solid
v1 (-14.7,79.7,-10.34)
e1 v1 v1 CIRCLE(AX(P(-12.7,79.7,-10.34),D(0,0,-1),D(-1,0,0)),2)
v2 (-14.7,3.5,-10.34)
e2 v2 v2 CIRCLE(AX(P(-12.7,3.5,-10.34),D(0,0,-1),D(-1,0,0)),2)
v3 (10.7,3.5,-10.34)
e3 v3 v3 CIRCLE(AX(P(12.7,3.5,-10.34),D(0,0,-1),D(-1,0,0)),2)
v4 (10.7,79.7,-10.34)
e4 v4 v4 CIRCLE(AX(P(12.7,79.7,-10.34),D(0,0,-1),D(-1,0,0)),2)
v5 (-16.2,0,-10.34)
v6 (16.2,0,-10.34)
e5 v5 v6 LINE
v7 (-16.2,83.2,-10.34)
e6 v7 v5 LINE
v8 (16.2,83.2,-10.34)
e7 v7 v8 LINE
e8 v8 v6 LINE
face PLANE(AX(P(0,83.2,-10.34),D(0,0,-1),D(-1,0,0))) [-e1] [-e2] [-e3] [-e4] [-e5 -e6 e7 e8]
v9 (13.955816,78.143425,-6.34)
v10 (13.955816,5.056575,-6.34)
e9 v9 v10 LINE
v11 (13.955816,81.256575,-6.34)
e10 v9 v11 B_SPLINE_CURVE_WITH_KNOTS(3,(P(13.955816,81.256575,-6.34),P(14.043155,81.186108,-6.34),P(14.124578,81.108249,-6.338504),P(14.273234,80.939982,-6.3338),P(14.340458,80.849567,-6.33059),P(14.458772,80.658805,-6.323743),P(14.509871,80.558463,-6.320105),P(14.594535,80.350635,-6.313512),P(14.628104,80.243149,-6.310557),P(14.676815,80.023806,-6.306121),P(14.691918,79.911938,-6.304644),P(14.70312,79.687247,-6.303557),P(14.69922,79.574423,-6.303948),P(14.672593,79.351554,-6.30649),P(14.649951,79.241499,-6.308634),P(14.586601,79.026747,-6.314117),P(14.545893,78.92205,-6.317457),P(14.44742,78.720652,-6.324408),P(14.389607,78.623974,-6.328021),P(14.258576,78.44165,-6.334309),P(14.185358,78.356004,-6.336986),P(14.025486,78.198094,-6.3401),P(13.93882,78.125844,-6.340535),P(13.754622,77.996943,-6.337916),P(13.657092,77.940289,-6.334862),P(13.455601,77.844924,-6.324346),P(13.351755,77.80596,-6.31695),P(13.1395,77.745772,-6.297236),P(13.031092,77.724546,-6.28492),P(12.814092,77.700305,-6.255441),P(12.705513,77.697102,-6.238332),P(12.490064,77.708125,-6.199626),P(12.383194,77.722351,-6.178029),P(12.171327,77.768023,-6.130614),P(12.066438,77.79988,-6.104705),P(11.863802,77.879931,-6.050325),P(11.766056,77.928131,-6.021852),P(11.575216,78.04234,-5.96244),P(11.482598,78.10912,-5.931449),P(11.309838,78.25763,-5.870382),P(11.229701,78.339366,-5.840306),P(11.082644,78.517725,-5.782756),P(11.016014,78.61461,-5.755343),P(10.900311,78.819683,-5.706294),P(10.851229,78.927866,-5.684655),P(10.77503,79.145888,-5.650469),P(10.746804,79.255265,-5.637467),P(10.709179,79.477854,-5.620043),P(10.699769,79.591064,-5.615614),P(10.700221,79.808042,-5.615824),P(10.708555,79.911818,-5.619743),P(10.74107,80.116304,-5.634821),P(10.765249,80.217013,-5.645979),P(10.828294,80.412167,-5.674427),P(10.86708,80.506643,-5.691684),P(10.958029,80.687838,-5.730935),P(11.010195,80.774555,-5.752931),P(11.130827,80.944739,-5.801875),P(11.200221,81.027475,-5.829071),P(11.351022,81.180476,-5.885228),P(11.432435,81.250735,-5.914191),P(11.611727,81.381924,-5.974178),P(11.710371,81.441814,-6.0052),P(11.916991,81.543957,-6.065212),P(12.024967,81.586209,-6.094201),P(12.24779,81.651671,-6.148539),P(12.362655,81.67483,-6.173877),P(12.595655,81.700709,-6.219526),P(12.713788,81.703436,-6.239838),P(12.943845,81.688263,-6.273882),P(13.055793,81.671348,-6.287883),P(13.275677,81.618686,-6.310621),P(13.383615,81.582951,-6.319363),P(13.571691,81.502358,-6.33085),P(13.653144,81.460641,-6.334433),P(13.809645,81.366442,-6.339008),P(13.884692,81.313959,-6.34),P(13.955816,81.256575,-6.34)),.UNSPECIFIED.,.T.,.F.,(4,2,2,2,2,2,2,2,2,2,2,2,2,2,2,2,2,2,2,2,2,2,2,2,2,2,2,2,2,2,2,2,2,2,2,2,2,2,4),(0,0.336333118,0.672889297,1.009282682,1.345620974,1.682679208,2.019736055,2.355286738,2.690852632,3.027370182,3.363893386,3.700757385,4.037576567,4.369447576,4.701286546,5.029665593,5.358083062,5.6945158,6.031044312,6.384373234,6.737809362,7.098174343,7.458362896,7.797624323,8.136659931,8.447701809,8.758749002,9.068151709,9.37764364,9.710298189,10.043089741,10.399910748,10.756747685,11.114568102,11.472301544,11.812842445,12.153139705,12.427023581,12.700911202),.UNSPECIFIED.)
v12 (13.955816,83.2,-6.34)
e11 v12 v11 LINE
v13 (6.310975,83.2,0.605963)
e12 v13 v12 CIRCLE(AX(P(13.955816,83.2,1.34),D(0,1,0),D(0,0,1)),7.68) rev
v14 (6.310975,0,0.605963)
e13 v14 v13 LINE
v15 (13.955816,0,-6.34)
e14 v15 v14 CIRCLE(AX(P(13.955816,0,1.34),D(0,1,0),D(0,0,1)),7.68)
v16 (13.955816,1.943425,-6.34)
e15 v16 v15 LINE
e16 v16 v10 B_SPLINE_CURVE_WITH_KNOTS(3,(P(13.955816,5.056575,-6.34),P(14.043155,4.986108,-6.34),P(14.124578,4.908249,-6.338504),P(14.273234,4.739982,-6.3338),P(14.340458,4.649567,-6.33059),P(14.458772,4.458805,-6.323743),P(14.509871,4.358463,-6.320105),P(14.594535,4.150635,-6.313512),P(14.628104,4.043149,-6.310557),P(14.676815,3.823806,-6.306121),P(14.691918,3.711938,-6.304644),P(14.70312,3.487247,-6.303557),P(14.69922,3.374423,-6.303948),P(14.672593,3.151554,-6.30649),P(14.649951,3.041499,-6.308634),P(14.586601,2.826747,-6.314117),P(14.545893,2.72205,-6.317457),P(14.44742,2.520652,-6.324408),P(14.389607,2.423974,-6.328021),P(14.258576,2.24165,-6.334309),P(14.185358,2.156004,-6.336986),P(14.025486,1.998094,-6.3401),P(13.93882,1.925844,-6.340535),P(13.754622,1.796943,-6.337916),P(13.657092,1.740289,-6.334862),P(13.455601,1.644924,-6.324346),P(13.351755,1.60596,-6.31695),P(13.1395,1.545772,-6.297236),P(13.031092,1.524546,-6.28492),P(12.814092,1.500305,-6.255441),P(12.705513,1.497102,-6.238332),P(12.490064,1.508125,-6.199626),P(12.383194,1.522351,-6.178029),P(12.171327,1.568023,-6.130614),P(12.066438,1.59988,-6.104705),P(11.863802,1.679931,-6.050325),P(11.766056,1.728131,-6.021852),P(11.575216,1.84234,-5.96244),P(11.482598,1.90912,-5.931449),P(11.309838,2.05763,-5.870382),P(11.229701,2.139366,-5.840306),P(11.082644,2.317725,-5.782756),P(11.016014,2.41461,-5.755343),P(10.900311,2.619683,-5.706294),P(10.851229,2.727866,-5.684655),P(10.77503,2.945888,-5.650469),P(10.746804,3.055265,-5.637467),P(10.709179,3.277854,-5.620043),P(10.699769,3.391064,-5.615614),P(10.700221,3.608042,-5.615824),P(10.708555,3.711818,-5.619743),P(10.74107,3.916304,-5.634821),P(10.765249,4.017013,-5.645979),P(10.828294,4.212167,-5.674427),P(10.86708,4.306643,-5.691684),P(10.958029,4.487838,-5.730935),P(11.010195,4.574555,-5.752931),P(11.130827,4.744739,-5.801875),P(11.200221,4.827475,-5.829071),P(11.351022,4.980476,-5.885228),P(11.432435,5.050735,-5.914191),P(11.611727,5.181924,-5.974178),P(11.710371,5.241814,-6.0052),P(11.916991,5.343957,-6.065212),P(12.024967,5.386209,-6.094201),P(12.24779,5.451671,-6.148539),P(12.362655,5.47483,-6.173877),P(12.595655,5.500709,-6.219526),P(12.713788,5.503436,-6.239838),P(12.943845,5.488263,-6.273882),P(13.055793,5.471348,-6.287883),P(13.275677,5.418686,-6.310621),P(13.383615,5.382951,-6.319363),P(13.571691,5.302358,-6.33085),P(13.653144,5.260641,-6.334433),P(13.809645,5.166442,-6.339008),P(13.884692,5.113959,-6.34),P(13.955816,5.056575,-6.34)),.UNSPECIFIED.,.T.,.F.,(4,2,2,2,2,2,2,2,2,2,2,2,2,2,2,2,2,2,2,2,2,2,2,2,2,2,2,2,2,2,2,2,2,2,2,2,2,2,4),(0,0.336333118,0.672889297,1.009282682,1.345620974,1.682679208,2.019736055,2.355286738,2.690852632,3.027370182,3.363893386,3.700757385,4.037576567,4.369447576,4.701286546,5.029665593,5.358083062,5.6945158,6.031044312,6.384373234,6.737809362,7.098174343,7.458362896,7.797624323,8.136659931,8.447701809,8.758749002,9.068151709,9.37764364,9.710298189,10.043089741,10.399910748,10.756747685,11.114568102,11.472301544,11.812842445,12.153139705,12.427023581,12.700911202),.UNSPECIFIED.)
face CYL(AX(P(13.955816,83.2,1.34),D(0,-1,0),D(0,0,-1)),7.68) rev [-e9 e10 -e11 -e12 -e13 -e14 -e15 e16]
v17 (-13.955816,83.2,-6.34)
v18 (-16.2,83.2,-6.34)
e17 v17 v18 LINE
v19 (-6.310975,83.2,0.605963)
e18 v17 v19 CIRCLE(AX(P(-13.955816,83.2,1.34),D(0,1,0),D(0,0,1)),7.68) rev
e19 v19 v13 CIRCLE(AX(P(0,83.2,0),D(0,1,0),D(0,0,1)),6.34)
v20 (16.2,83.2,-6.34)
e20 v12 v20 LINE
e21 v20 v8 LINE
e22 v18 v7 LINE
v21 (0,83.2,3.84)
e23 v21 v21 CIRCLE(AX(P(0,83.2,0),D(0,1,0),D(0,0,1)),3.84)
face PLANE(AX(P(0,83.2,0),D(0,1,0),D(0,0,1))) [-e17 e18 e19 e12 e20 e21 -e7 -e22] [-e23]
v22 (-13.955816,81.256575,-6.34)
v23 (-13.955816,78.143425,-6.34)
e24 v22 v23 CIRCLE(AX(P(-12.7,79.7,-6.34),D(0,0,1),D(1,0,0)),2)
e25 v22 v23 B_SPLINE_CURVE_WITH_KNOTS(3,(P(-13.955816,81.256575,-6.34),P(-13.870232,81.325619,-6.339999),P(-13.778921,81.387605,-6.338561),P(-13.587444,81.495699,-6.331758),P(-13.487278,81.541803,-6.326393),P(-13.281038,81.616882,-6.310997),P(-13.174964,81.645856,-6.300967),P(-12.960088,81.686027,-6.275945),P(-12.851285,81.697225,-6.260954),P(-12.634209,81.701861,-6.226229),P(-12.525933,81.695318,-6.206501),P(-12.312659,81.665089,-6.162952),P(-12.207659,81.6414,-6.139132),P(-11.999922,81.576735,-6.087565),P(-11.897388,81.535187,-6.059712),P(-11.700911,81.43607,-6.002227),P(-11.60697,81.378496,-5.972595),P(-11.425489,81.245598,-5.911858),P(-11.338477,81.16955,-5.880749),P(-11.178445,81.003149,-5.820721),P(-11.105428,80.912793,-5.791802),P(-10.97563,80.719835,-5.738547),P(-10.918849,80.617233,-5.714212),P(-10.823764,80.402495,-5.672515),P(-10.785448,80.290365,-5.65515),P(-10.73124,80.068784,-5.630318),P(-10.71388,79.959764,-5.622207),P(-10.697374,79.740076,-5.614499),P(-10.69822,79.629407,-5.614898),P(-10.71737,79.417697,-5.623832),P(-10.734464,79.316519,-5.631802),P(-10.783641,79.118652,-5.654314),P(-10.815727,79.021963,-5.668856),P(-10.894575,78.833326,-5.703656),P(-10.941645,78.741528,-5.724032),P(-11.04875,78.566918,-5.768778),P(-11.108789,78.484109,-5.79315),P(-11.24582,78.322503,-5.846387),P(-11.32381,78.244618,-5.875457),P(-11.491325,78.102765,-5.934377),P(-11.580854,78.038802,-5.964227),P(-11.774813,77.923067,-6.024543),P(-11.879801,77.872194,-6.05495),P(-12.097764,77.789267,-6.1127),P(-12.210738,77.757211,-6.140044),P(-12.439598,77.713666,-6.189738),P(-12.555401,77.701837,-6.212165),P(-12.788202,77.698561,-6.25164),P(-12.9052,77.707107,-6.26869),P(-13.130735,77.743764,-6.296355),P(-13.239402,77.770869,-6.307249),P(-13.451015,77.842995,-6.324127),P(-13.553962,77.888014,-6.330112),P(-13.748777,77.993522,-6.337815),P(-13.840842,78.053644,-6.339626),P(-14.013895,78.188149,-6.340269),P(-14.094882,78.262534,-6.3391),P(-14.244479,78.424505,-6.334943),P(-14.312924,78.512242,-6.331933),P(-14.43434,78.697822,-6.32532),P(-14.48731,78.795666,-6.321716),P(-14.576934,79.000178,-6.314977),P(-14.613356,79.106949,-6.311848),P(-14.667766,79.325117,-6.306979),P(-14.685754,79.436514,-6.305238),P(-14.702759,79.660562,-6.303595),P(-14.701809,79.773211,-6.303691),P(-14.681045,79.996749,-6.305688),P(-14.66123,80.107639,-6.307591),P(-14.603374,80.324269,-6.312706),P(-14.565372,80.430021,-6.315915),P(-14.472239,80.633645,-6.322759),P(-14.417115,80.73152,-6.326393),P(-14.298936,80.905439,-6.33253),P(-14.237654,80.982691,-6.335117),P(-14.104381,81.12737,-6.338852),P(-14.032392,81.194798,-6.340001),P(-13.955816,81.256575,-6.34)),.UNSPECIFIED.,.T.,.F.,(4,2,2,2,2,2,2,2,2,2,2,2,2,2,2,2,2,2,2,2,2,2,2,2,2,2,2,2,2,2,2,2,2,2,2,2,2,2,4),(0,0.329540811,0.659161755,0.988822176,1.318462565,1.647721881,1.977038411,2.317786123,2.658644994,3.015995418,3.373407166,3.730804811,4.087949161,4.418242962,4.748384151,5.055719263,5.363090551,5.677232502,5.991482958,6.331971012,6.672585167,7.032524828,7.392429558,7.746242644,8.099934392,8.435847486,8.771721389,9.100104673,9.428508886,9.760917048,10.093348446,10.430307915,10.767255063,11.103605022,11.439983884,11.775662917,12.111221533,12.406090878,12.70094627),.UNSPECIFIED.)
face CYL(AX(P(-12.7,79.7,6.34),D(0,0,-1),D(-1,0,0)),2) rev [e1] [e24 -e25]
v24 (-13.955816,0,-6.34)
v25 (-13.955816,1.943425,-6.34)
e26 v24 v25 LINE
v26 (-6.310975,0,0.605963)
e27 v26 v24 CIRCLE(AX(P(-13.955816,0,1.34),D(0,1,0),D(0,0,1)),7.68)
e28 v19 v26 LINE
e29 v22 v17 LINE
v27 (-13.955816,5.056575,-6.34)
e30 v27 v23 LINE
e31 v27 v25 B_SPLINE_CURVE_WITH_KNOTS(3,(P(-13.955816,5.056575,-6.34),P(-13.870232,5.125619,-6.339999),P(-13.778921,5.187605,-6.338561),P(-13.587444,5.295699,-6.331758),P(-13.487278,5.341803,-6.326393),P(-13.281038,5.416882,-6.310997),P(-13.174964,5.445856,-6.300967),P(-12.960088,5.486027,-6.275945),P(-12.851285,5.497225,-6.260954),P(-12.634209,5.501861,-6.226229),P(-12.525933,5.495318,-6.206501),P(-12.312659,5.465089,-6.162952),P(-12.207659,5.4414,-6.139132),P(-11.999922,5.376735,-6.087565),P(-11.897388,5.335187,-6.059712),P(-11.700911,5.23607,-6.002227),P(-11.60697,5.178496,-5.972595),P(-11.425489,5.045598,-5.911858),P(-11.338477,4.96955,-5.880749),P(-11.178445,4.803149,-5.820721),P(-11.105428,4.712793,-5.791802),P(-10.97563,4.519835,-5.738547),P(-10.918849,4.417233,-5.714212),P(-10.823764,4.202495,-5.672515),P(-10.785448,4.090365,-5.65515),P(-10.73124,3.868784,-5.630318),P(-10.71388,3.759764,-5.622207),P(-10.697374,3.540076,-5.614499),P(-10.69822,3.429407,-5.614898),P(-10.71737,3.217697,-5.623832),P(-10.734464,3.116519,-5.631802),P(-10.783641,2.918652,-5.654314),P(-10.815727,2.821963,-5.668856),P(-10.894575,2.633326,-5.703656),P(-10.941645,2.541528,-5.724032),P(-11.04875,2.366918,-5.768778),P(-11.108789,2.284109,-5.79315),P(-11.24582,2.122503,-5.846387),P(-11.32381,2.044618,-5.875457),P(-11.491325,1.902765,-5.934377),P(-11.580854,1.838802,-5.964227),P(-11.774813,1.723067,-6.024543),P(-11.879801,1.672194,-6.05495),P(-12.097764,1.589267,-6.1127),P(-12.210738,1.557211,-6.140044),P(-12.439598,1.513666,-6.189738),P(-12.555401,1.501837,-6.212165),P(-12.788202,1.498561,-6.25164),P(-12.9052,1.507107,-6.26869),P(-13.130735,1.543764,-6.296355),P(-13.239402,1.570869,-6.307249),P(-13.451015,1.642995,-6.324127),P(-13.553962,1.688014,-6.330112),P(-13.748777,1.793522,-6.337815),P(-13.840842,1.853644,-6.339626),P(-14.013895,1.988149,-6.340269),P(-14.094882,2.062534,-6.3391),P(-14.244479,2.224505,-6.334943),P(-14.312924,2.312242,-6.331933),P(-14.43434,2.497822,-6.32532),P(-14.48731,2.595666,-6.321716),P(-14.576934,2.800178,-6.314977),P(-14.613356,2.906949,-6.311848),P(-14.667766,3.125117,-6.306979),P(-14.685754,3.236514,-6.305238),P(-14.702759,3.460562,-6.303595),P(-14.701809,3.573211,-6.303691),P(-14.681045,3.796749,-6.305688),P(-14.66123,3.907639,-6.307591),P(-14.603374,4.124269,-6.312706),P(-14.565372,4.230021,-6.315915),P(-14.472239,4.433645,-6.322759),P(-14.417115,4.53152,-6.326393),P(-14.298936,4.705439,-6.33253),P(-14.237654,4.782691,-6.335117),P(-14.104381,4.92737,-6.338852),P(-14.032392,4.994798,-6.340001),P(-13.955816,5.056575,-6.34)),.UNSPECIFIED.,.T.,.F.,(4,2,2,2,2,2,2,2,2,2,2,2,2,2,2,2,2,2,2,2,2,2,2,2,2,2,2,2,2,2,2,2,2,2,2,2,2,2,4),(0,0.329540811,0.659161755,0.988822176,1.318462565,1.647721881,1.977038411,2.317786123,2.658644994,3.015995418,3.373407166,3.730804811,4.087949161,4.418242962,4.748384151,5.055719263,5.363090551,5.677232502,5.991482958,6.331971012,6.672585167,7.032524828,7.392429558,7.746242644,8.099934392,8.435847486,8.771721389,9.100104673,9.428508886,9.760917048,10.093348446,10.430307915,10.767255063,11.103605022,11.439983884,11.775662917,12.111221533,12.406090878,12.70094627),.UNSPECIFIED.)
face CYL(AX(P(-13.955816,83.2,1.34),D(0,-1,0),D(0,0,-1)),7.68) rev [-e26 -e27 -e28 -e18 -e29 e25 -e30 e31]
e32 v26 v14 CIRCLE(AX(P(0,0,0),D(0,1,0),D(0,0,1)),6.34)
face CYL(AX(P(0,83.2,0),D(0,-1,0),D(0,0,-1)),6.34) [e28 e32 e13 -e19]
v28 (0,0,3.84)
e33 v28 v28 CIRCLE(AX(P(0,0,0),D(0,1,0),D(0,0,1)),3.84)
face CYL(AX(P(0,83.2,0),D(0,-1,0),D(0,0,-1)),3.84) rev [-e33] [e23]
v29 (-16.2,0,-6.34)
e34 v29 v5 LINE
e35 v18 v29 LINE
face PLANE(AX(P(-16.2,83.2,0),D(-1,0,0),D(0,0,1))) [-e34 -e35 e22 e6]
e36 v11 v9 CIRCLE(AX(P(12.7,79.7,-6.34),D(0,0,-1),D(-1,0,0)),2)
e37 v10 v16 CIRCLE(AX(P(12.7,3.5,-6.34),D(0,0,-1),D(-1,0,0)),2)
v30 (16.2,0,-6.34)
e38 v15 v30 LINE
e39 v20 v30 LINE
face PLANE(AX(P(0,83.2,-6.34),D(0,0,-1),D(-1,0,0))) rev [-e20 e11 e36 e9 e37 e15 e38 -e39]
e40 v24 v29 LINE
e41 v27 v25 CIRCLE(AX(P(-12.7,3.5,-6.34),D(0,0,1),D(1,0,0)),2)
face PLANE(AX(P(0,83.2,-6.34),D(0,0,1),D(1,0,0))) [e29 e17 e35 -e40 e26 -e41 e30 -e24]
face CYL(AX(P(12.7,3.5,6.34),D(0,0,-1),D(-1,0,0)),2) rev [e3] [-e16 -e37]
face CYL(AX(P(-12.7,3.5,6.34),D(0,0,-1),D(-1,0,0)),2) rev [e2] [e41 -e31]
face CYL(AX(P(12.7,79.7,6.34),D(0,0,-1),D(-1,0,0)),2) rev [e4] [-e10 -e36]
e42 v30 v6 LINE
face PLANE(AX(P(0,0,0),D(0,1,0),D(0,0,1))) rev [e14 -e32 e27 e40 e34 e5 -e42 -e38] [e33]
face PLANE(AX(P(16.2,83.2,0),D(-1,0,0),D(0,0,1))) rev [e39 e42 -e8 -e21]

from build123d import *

# Parameters (mm, degrees)
SKETCH2_R               = 6.34
SKETCH2_R_2             = 3.84
BOSS_EXTRUDE1_DEPTH     = 83.2
FILLET1_R               = 7.68
CUT_EXTRUDE1_DEPTH      = 89.8622666
CUT_EXTRUDE1_DEPTH_BACK = 89.8622666
SKETCH3_R               = 2


with BuildPart() as part:
    # Sketch2 → Boss-Extrude1 (new body)
    # profile 1 of 2: a face of its own
    with BuildSketch(Plane(origin=(0, 0, 0), x_dir=(1, 0, 0), z_dir=(0, 1, 0))):
        with BuildLine():
            Line((16.2, 10.34), (-16.2, 10.34))
            Line((-16.2, 10.34), (-16.2, 6.34))
            Line((-16.2, 6.34), (-6.34, 6.34))
            Line((-6.34, 6.34), (-6.34, 0))
            ThreePointArc((-6.34, 0), (0, 6.34), (6.34, 0))
            Line((6.34, 0), (6.34, 6.34))
            Line((6.34, 6.34), (16.2, 6.34))
            Line((16.2, 6.34), (16.2, 10.34))
        make_face()
    # profile 2 of 2: a face of its own
    with BuildSketch(Plane(origin=(0, 0, 0), x_dir=(1, 0, 0), z_dir=(0, 1, 0))):
        Circle(SKETCH2_R)
        with Locations(Location((0, 0, 0), (0, 0, 270))):
            Circle(SKETCH2_R_2, mode=Mode.SUBTRACT)
    extrude(amount=BOSS_EXTRUDE1_DEPTH)

    # Fillet1
    fillet1_edges = [part.edges().sort_by_distance(p)[0] for p in [
        (-6.34, 41.6, -6.34),
        (6.34, 41.6, -6.34),
    ]]
    fillet(fillet1_edges, radius=FILLET1_R)

    # Sketch3 → Cut-Extrude1 (cut, two sides: drawn at the far end of the back side and taken through both)
    with BuildSketch(Plane(origin=(0, 0, -20.34), x_dir=(-1, 0, 0), z_dir=(0, 0, -1)).offset(-CUT_EXTRUDE1_DEPTH_BACK)):
        with Locations((12.7, 79.7)):
            Circle(SKETCH3_R)
        with Locations((12.7, 3.5)):
            Circle(SKETCH3_R)
        with Locations((-12.7, 3.5)):
            Circle(SKETCH3_R)
        with Locations((-12.7, 79.7)):
            Circle(SKETCH3_R)
    extrude(amount=CUT_EXTRUDE1_DEPTH + CUT_EXTRUDE1_DEPTH_BACK, mode=Mode.SUBTRACT)


solid = part.part
